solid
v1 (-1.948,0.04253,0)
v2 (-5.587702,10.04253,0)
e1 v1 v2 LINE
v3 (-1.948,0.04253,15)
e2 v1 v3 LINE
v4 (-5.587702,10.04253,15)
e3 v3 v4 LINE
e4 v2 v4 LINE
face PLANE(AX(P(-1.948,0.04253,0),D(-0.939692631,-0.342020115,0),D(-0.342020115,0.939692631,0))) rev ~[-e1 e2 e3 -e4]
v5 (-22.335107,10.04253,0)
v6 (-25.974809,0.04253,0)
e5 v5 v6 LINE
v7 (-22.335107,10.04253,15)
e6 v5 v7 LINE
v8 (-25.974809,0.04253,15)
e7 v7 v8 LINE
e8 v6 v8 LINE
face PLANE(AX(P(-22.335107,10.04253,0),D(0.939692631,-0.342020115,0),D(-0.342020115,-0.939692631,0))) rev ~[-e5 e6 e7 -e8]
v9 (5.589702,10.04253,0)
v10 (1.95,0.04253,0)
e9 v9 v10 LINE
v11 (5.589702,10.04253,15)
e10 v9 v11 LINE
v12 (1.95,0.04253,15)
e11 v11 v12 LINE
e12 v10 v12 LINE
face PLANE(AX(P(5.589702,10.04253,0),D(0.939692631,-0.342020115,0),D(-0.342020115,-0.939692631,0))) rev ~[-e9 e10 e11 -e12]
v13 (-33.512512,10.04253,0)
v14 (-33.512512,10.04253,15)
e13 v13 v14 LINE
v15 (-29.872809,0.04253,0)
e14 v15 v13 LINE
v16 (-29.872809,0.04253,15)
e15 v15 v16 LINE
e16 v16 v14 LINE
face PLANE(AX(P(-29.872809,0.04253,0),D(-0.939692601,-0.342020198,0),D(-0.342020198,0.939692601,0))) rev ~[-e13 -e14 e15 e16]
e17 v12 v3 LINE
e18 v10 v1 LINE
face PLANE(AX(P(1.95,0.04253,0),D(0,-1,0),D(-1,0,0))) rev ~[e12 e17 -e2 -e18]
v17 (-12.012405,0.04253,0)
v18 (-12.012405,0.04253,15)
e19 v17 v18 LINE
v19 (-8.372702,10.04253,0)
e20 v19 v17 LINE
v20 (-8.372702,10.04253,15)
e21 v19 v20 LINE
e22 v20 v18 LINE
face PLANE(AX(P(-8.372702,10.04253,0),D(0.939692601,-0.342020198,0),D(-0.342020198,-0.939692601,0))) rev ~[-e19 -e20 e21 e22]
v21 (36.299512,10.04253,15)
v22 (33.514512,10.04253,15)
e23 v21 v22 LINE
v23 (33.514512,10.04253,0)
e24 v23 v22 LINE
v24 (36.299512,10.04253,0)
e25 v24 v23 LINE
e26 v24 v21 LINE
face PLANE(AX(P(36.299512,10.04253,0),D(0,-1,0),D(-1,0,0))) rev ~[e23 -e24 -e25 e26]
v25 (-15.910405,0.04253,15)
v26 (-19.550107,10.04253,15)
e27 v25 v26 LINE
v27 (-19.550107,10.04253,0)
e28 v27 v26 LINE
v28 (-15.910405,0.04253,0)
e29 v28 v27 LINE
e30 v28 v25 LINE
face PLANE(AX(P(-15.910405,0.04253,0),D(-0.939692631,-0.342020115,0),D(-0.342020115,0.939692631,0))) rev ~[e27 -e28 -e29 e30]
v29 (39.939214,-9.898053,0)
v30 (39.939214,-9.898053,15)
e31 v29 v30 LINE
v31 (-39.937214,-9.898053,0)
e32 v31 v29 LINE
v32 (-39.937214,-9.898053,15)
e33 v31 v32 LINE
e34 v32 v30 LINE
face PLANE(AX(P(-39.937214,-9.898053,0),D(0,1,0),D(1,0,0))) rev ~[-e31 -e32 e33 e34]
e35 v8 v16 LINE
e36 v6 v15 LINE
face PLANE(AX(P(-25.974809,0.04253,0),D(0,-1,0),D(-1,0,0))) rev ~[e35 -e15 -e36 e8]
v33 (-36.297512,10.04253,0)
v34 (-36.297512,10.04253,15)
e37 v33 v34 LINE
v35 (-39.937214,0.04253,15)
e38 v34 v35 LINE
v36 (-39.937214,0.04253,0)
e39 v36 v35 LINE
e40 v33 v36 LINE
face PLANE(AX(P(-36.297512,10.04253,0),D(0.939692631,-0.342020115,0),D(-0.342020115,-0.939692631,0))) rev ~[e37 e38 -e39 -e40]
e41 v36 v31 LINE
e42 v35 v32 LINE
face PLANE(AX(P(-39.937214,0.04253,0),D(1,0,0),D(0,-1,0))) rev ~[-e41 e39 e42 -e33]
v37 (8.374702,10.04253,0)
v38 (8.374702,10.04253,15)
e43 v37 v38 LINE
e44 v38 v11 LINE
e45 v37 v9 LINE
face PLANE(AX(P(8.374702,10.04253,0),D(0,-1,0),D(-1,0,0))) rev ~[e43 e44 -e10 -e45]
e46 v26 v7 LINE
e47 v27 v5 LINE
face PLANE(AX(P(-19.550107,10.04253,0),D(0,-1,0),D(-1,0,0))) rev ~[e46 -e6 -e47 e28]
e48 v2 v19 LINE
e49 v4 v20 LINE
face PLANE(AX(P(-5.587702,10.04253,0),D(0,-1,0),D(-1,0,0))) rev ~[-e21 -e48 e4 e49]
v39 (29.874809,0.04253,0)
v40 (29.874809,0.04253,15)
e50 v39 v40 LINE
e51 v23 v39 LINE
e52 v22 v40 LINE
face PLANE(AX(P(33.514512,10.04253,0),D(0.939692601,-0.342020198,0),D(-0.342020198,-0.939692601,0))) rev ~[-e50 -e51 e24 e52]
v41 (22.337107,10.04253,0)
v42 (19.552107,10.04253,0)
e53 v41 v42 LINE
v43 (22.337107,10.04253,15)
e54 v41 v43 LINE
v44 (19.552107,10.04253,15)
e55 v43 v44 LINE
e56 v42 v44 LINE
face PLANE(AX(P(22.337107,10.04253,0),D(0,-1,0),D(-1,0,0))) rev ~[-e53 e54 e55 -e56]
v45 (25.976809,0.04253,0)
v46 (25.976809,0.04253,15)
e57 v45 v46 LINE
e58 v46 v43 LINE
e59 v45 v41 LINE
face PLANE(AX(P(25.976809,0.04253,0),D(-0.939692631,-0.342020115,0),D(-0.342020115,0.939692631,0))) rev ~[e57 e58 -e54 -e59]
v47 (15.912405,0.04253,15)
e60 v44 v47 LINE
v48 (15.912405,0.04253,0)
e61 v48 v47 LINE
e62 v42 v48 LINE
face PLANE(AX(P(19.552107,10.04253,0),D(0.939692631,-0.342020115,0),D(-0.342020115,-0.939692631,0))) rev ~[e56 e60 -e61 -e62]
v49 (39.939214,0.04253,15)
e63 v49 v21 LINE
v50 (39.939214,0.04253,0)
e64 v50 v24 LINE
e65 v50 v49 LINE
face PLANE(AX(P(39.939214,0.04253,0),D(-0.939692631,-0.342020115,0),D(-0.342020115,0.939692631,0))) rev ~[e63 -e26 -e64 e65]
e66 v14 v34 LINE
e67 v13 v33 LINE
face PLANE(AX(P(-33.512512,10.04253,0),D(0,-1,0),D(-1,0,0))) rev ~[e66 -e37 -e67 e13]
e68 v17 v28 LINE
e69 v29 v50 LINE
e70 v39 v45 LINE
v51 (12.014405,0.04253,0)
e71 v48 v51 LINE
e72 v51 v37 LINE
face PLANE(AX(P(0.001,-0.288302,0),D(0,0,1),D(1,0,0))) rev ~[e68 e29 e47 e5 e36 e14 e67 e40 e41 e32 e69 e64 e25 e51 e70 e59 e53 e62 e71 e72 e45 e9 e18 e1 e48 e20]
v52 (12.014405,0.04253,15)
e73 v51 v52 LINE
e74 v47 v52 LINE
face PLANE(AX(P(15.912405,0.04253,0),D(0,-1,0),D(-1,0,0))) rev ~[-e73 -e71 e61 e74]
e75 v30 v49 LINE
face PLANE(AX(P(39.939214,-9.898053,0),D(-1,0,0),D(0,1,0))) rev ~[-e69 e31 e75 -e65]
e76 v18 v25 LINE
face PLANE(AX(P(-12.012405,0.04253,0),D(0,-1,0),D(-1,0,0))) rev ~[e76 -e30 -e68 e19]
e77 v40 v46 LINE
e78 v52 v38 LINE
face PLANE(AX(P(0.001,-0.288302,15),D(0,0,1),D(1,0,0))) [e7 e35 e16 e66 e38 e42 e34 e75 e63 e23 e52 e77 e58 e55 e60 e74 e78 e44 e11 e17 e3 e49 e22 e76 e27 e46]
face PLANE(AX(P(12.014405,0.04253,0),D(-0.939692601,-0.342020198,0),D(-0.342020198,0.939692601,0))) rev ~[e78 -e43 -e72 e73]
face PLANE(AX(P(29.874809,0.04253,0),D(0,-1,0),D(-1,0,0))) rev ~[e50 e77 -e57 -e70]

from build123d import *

# Parameters (mm, degrees)
F1_DEPTH = 15


with BuildPart() as f1:
    # F0 (on Top) → F1 (new body)
    with BuildSketch(Plane.XY):
        Polygon((5.589702, 10.04253), (1.95, 0.04253), (-1.948, 0.04253), (-5.587702, 10.04253), (-8.372702, 10.04253), (-12.012405, 0.04253), (-15.910405, 0.04253), (-19.550107, 10.04253), (-22.335107, 10.04253), (-25.974809, 0.04253), (-29.872809, 0.04253), (-33.512512, 10.04253), (-36.297512, 10.04253), (-39.937214, 0.04253), (-39.937214, -9.898053), (39.939214, -9.898053), (39.939214, 0.04253), (36.299512, 10.04253), (33.514512, 10.04253), (29.874809, 0.04253), (25.976809, 0.04253), (22.337107, 10.04253), (19.552107, 10.04253), (15.912405, 0.04253), (12.014405, 0.04253), (8.374702, 10.04253), align=None)
    extrude(amount=F1_DEPTH)


solid = f1.part
